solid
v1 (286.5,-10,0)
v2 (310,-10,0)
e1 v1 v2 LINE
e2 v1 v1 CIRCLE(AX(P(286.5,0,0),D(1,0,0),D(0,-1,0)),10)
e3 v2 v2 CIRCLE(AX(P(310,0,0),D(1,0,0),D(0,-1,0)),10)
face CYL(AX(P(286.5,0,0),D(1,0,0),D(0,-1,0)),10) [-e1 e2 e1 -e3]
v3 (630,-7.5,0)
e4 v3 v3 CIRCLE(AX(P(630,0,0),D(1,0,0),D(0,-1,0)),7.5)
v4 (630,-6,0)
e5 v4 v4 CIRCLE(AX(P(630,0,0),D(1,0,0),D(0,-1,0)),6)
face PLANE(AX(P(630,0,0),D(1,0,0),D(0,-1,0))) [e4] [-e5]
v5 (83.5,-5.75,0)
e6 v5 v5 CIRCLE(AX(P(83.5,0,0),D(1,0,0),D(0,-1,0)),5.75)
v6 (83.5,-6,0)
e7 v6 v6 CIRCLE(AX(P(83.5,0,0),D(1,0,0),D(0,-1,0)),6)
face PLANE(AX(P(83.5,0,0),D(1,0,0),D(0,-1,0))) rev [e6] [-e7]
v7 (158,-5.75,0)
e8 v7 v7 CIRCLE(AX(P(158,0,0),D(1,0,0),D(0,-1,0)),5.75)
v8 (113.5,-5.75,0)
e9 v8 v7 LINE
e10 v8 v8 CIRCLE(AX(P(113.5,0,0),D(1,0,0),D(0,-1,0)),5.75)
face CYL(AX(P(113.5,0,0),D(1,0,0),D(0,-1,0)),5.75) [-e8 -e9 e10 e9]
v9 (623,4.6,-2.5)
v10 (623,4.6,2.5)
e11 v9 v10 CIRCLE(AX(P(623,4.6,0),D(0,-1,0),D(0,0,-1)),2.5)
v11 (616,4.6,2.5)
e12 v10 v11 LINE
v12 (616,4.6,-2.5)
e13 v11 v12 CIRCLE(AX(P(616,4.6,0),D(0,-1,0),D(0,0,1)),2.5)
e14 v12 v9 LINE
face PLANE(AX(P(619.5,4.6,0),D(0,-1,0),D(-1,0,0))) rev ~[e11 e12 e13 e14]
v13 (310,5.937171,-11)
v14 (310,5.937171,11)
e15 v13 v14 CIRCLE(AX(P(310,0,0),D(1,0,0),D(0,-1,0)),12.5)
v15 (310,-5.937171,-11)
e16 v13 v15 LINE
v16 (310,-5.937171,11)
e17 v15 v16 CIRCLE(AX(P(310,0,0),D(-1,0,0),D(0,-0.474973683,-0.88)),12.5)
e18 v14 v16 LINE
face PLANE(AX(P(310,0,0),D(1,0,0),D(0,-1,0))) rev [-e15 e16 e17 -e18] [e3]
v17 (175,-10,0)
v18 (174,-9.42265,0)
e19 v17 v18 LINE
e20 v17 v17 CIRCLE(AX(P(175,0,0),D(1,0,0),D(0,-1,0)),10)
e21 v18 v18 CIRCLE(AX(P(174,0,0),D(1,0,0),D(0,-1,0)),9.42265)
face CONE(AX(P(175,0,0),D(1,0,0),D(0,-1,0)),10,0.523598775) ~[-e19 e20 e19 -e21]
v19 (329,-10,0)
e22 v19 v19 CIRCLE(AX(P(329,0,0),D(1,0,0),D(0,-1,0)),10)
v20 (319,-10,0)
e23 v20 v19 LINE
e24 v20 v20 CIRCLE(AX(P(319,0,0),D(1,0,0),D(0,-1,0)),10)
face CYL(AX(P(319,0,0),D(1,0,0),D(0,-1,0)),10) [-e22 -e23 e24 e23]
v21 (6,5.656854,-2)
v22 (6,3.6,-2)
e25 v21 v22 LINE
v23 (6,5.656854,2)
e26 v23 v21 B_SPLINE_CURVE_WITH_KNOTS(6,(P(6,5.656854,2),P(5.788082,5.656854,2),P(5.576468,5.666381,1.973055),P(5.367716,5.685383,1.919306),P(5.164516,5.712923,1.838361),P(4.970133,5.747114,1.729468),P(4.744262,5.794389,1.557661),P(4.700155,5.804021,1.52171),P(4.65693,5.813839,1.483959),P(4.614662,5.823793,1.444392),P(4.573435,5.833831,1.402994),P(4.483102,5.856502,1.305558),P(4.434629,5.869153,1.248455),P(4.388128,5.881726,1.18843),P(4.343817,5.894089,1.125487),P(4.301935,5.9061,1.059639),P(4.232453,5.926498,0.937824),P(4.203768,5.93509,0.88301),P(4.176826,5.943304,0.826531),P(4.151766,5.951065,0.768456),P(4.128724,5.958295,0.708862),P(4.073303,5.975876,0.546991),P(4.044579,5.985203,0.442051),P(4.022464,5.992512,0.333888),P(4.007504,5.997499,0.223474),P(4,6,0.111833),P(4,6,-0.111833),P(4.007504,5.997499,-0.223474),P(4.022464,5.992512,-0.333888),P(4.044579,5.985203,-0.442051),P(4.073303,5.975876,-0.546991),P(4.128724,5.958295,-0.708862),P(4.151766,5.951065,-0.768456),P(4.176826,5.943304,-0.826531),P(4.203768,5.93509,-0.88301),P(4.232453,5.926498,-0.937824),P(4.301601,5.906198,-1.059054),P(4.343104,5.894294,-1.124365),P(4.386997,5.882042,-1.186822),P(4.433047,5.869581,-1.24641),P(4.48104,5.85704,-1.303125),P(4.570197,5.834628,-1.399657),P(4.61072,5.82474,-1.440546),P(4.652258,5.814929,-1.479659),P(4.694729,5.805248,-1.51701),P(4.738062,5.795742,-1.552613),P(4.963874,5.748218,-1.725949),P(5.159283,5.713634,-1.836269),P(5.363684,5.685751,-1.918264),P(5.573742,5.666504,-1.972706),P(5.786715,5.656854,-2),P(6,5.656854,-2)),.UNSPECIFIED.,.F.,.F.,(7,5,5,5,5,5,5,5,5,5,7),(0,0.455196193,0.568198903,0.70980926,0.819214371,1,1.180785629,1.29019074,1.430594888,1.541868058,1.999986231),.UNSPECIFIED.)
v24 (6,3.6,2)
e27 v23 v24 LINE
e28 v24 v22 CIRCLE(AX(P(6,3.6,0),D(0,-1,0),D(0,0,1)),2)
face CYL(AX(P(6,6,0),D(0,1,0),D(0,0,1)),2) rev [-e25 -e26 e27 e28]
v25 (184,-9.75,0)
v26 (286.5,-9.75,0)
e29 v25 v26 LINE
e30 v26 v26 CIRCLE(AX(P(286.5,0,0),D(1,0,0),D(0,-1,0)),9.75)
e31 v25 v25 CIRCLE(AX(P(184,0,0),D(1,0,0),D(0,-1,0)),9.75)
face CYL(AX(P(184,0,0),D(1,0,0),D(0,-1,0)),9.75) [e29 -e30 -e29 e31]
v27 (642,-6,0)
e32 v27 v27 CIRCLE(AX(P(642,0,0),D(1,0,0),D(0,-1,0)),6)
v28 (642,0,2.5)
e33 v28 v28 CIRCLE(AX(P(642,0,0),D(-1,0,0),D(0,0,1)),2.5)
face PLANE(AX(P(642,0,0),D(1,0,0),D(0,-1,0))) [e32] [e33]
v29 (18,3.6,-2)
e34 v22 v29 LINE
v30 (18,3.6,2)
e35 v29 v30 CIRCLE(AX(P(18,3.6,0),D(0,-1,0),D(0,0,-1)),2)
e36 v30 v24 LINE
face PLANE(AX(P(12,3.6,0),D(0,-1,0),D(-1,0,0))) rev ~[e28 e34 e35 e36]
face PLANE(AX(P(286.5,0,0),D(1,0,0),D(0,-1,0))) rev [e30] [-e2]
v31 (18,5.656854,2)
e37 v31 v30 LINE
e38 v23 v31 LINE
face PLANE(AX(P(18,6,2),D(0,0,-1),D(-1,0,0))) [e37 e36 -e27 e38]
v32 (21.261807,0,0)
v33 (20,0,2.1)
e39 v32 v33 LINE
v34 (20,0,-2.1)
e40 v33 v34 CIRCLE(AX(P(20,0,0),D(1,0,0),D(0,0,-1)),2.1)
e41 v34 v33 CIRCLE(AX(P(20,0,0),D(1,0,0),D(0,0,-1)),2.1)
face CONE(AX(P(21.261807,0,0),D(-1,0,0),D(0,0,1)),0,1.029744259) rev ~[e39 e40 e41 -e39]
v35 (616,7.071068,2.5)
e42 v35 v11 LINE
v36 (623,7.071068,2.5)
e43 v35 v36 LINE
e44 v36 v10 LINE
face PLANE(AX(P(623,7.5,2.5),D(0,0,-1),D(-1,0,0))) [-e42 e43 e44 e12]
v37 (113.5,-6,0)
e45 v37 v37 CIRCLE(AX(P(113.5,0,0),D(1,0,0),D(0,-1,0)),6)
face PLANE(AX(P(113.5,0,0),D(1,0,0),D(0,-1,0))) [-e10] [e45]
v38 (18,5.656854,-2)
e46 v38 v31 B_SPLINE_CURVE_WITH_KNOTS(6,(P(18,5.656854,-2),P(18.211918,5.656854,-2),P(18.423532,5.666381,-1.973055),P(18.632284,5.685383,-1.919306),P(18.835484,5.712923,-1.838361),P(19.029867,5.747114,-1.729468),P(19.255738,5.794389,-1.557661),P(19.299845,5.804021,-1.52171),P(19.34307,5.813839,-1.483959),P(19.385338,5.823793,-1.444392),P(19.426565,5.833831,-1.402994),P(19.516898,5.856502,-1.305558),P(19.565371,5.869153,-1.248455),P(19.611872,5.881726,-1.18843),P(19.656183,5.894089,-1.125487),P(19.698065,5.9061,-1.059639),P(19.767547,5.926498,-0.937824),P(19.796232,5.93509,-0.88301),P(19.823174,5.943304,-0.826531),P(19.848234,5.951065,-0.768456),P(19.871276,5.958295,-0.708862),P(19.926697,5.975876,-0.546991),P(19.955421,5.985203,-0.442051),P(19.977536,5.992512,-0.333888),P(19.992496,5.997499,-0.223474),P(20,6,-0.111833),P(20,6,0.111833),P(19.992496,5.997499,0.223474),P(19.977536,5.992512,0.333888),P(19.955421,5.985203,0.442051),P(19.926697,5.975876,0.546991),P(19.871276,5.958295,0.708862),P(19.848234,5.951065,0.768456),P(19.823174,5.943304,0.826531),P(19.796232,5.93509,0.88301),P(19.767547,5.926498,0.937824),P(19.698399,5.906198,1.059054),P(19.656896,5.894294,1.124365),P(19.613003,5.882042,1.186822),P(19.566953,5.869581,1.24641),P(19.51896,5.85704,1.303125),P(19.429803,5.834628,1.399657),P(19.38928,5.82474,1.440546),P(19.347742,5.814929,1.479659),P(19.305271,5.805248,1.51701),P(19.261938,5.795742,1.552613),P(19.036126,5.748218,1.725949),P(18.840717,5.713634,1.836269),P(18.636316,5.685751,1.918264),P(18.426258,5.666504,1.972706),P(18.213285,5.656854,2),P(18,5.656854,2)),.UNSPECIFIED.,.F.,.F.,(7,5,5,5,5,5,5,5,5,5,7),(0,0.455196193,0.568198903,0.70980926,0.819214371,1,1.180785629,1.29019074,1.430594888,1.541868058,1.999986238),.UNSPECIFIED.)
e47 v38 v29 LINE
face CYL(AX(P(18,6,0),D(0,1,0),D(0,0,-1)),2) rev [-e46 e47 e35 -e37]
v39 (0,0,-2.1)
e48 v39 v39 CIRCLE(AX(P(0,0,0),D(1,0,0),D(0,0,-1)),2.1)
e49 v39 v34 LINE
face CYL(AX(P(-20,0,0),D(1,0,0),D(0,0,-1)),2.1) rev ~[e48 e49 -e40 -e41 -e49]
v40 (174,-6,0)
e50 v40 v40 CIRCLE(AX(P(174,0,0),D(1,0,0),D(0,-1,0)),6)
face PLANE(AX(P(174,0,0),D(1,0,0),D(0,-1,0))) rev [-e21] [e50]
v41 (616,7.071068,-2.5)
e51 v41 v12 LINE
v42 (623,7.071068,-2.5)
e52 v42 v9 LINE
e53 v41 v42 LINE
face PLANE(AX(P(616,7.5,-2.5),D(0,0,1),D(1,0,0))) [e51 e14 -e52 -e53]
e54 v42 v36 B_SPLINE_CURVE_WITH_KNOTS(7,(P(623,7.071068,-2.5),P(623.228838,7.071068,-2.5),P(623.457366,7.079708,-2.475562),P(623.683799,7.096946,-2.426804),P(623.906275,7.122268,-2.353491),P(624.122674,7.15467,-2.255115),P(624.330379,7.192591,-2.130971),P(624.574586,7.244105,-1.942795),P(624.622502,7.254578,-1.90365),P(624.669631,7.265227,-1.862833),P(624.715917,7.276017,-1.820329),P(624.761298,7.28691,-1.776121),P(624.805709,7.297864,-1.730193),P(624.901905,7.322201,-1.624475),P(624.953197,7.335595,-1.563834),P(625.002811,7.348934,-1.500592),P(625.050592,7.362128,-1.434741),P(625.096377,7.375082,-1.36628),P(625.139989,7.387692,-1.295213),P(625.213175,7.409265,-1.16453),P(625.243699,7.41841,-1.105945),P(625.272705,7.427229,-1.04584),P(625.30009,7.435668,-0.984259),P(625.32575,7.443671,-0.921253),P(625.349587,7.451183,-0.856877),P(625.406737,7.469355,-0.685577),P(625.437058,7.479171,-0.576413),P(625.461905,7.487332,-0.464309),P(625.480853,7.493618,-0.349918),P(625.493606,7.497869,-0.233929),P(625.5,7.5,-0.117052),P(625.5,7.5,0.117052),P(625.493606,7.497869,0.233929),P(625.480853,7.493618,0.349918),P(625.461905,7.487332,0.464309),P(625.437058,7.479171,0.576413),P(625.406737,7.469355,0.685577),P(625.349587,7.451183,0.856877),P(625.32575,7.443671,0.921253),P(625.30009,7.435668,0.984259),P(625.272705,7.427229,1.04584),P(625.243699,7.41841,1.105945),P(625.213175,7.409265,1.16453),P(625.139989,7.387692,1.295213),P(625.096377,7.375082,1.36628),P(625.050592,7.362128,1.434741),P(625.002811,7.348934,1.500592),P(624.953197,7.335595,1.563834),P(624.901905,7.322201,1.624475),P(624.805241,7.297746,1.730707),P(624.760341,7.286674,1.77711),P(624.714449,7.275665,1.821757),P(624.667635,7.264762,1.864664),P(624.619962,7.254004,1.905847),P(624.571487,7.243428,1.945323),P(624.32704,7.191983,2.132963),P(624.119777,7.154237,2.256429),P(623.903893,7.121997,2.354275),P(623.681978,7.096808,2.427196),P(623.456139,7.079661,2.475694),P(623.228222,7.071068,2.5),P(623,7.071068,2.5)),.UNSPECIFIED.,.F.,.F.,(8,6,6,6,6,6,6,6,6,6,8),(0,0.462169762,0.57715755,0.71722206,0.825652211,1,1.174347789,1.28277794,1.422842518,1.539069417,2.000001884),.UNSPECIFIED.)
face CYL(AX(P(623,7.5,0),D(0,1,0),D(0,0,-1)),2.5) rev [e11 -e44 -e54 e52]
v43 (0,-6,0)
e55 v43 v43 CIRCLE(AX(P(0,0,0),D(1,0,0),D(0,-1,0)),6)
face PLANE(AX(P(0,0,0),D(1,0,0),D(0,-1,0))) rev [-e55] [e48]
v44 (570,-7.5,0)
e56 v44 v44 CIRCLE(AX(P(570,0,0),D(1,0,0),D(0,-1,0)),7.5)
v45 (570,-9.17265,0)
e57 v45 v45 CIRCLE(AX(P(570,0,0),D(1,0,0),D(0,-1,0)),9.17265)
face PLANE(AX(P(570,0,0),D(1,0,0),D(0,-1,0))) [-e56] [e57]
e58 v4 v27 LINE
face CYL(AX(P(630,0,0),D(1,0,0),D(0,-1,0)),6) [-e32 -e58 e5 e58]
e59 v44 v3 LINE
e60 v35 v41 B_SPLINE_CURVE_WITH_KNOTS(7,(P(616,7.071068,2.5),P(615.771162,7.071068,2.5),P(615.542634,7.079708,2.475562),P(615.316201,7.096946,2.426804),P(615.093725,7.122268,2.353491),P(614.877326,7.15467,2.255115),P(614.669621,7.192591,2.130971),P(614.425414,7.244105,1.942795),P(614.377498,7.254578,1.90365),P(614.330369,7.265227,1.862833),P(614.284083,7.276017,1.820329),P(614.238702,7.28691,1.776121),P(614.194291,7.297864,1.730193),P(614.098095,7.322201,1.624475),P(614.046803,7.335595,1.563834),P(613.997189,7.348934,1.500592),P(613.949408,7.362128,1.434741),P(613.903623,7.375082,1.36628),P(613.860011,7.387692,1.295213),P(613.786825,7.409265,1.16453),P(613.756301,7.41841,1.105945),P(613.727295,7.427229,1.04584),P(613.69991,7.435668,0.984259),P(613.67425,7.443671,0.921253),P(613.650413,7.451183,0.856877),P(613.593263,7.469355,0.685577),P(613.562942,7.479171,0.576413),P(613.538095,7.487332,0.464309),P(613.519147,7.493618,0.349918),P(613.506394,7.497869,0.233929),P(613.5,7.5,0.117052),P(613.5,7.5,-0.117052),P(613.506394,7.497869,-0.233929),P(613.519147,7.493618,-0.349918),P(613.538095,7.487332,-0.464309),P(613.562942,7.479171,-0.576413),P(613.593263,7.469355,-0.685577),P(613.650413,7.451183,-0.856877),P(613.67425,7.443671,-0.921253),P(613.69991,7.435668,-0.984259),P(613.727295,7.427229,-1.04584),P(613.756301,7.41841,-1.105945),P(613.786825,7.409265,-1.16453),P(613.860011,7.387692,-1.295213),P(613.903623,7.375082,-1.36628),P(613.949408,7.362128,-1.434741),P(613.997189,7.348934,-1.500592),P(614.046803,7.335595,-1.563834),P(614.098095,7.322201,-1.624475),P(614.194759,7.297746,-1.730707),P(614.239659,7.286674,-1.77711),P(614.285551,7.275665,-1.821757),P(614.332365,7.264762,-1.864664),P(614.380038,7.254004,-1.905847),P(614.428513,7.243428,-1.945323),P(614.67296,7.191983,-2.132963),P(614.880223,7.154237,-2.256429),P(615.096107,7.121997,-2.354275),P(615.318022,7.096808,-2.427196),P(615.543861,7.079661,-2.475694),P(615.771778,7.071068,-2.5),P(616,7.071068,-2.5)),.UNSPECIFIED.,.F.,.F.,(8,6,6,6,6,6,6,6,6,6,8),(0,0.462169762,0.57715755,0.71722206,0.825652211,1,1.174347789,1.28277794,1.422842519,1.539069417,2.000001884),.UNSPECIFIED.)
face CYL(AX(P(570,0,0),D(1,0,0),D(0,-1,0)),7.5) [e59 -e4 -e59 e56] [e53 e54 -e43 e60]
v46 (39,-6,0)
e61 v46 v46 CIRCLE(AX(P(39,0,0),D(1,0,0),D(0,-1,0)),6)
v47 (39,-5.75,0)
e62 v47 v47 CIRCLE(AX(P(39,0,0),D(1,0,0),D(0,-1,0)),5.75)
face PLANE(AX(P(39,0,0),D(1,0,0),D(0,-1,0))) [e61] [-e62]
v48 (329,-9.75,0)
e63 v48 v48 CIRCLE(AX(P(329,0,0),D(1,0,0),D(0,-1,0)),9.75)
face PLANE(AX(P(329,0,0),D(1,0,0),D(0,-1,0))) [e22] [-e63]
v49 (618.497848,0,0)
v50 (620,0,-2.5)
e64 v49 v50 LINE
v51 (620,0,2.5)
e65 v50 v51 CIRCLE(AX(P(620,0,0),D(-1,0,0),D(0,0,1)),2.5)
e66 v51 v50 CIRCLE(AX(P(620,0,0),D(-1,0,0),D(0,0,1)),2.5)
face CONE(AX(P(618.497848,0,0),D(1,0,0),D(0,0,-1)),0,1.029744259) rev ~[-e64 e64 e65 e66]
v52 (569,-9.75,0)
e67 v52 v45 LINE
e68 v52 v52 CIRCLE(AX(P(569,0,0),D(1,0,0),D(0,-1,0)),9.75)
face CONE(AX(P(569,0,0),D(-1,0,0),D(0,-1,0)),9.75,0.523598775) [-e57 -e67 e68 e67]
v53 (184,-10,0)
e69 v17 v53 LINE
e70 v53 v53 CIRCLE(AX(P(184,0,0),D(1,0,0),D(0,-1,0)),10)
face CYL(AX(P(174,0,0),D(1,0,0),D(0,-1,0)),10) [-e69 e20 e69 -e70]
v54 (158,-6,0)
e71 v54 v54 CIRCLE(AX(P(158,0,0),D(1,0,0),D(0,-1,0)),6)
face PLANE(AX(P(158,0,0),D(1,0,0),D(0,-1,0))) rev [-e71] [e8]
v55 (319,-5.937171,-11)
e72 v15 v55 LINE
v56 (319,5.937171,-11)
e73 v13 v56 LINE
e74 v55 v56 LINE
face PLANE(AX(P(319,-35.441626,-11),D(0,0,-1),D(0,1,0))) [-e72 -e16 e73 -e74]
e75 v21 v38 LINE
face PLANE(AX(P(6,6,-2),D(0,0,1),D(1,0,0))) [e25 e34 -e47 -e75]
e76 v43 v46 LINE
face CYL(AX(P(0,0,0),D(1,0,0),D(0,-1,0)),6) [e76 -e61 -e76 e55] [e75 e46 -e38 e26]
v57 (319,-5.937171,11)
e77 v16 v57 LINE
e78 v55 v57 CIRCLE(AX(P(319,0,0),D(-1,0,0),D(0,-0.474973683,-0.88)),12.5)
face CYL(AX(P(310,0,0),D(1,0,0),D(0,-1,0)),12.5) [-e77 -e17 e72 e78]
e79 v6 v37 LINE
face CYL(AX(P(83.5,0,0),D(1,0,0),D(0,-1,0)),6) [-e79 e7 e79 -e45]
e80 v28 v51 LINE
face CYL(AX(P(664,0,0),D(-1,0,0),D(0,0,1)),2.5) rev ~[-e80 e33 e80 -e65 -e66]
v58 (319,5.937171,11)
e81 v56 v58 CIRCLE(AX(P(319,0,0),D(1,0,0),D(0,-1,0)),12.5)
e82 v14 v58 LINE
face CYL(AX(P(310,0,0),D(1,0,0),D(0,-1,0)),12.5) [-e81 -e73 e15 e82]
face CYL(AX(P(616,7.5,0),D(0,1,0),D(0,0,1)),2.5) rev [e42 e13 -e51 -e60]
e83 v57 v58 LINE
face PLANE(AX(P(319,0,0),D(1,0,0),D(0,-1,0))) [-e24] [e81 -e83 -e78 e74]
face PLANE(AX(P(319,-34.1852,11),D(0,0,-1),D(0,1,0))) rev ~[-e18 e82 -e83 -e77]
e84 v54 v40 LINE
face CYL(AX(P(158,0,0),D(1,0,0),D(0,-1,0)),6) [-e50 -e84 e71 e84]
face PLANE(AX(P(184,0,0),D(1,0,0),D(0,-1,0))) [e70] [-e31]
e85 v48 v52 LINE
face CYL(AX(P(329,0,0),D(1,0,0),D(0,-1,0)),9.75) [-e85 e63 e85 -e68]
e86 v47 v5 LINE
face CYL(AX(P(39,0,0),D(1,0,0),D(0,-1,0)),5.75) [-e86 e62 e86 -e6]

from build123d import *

# Parameters (mm, degrees)
ODEBRAT_VYSUNUT_M1_DEPTH = 2.4
ODEBRAT_VYSUNUT_M2_DEPTH = 2.9
SKICA4_W                 = 43.201709197
SKICA4_H                 = 57.022390215
SKICA4_W_2               = 28.704491345
SKICA4_H_2               = 62.531332999
ODEBRAT_VYSUNUT_M3_DEPTH = 320.0000001
M6_Z_VIT1_D              = 5
M6_Z_VIT1_DEPTH          = 22
M6_Z_VIT1_TIP            = 1.502151548
M5_Z_VIT1_D              = 4.2
M5_Z_VIT1_DEPTH          = 20
M5_Z_VIT1_TIP            = 1.2618073
ZKOSEN_1_SIZE            = 1
ZKOSEN_1_SIZE2           = 0.577350269
ZKOSEN_1_PART_2_SIZE     = 1
ZKOSEN_1_PART_2_SIZE2    = 0.577350269


with BuildPart() as part:
    # Skica1 → Rotovat1 (revolve)
    with BuildSketch(Plane.XY, mode=Mode.PRIVATE) as rotovat1_sk:
        Polygon((0, 0), (0, 6), (39, 6), (39, 5.75), (83.5, 5.75), (83.5, 6), (113.5, 6), (113.5, 5.75), (158, 5.75), (158, 6), (174, 6), (174, 10), (184, 10), (184, 9.75), (286.5, 9.75), (286.5, 10), (310, 10), (310, 12.5), (319, 12.5), (319, 10), (329, 10), (329, 9.75), (570, 9.75), (570, 7.5), (630, 7.5), (630, 6), (642, 6), (642, 0), align=None)
    revolve(rotovat1_sk.sketch.rotate(Axis((-5427.299905209, 0, 0), (1, 0, 0)), 180), axis=Axis((-5427.299905209, 0, 0), (1, 0, 0)))  # turned: the seam where the file's is

    # Skica2 → Odebrat vysunutím1 (cut)
    with BuildSketch(Plane(origin=(0, 6, 0), x_dir=(1, 0, 0), z_dir=(0, 1, 0))):
        with BuildLine():
            Line((6, 2), (18, 2))
            ThreePointArc((18, 2), (20, 0), (18, -2))
            Line((18, -2), (6, -2))
            ThreePointArc((6, -2), (4, 0), (6, 2))
        make_face()
    extrude(amount=-ODEBRAT_VYSUNUT_M1_DEPTH, mode=Mode.SUBTRACT)

    # Skica3 → Odebrat vysunutím2 (cut)
    with BuildSketch(Plane(origin=(0, 7.5, 0), x_dir=(1, 0, 0), z_dir=(0, 1, 0))):
        with BuildLine():
            Line((616, 2.5), (623, 2.5))
            ThreePointArc((623, 2.5), (625.5, 0), (623, -2.5))
            Line((623, -2.5), (616, -2.5))
            ThreePointArc((616, -2.5), (613.5, 0), (616, 2.5))
        make_face()
    extrude(amount=-ODEBRAT_VYSUNUT_M2_DEPTH, mode=Mode.SUBTRACT)

    # Skica4 → Odebrat vysunutím3 (cut, through all)
    with BuildSketch(Plane(origin=(319, 0, 0), x_dir=(0, 0, -1), z_dir=(1, 0, 0))):
        with Locations((-32.600854599, -5.674005363)):
            Rectangle(SKICA4_W, SKICA4_H)
        with Locations((25.352245673, -4.175959518)):
            Rectangle(SKICA4_W_2, SKICA4_H_2)
    extrude(amount=-ODEBRAT_VYSUNUT_M3_DEPTH, mode=Mode.SUBTRACT)

    # M6 závit1
    with Locations(Plane(origin=(642, 0, 0), x_dir=(0, 0, -1), z_dir=(1, 0, 0))):
        with Locations((0, 0)):
            Hole(M6_Z_VIT1_D / 2, depth=M6_Z_VIT1_DEPTH)
            with Locations((0, 0, -(M6_Z_VIT1_DEPTH + M6_Z_VIT1_TIP / 2))):  # 118° drill point
                Cone(0, M6_Z_VIT1_D / 2, M6_Z_VIT1_TIP, mode=Mode.SUBTRACT)

    # M5 závit1
    with Locations(Plane.ZY):
        with Locations((0, 0)):
            Hole(M5_Z_VIT1_D / 2, depth=M5_Z_VIT1_DEPTH)
            with Locations((0, 0, -(M5_Z_VIT1_DEPTH + M5_Z_VIT1_TIP / 2))):  # 118° drill point
                Cone(0, M5_Z_VIT1_D / 2, M5_Z_VIT1_TIP, mode=Mode.SUBTRACT)

    # Zkosení1
    zkosen_1_edges = [part.edges().sort_by_distance(p)[0] for p in [
        (570, 9.75, 0),
    ]]
    zkosen_1_side = [part.faces().sort_by_distance(p)[0] for p in [
        (449.5, 9.75, 0),
    ]]
    chamfer(zkosen_1_edges, length=ZKOSEN_1_SIZE, length2=ZKOSEN_1_SIZE2, reference=zkosen_1_side[0])

    # Zkosení1 part 2
    zkosen_1_part_2_edges = [part.edges().sort_by_distance(p)[0] for p in [
        (174, 10, 0),
    ]]
    zkosen_1_part_2_side = [part.faces().sort_by_distance(p)[0] for p in [
        (179, 10, 0),
    ]]
    chamfer(zkosen_1_part_2_edges, length=ZKOSEN_1_PART_2_SIZE, length2=ZKOSEN_1_PART_2_SIZE2, reference=zkosen_1_part_2_side[0])


solid = part.part
